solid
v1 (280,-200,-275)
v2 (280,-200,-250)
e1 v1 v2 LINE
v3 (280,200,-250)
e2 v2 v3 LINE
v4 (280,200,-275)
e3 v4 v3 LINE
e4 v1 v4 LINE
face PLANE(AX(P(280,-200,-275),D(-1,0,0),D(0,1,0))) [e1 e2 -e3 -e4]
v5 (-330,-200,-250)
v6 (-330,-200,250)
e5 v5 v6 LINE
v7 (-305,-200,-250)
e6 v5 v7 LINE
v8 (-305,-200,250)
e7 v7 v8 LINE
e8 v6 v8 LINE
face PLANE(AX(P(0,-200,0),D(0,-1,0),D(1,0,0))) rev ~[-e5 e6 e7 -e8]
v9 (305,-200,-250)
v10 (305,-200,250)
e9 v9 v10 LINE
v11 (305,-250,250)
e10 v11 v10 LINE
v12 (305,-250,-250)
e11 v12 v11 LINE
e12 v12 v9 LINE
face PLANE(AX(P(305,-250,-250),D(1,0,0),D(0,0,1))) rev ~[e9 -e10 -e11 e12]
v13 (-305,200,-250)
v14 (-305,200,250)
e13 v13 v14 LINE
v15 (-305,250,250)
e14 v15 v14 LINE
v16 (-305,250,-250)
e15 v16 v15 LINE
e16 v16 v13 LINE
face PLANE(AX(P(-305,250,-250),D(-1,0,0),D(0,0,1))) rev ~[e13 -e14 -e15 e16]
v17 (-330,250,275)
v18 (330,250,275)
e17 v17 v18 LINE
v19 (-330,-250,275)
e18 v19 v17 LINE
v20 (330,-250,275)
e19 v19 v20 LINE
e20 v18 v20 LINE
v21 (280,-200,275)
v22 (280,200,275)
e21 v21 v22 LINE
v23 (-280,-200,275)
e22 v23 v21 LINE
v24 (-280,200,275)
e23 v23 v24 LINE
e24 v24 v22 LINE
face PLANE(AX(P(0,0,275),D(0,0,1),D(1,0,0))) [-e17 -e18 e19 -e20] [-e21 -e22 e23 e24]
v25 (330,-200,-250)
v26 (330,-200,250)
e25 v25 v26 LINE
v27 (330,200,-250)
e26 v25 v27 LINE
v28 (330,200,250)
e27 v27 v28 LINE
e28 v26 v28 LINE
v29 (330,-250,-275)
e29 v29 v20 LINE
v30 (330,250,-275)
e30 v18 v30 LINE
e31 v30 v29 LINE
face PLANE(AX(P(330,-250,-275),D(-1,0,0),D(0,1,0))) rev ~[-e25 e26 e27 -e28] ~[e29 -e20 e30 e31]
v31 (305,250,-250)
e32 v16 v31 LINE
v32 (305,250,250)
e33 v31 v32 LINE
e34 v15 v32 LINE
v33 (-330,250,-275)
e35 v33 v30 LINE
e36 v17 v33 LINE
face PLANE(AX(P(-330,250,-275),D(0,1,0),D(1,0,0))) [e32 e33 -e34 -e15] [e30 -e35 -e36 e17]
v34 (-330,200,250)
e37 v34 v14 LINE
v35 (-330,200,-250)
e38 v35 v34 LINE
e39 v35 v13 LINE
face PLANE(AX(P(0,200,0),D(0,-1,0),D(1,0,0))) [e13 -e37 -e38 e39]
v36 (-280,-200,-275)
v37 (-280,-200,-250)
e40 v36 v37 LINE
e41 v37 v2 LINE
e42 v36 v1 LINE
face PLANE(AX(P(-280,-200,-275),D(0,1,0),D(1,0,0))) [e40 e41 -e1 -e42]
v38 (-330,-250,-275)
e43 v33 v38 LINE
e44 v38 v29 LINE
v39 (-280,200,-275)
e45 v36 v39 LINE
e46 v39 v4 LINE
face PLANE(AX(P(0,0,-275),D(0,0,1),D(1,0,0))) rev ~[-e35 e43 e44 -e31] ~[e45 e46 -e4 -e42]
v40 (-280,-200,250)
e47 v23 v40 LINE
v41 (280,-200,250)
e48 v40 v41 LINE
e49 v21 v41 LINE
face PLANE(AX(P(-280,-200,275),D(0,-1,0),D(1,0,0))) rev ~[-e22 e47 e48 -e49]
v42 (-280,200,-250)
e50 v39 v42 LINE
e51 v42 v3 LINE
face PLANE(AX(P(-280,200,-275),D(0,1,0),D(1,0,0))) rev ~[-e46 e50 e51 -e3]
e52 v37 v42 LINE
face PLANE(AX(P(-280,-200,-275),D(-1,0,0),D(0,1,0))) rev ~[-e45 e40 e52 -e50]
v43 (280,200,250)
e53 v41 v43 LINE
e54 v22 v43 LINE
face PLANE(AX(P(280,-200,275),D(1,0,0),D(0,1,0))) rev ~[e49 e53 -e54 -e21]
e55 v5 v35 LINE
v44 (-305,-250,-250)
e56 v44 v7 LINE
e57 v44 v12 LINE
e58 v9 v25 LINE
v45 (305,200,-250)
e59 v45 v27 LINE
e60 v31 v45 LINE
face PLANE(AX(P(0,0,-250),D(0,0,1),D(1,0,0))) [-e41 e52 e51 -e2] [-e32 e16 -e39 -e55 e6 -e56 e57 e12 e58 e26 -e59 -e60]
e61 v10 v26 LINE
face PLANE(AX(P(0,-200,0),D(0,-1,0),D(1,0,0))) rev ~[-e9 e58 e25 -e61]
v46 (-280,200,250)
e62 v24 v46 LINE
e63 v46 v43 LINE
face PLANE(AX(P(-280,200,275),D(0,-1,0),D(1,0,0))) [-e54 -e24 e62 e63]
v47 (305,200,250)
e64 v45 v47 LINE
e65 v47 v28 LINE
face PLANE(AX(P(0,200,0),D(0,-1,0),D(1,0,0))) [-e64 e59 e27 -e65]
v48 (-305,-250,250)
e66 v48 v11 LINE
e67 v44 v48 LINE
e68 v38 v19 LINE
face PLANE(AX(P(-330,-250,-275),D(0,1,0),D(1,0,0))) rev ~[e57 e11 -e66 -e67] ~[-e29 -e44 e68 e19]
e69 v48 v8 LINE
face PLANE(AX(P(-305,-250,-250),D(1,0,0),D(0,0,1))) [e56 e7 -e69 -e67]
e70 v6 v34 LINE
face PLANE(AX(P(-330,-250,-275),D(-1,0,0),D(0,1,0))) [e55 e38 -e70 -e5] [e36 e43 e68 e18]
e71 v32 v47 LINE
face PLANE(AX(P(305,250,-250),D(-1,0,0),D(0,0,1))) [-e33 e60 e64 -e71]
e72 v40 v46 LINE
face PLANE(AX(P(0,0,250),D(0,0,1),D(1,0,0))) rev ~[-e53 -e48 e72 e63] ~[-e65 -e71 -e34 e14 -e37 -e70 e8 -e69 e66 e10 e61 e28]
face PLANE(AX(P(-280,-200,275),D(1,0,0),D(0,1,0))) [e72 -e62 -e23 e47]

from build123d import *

# Parameters (mm, degrees)
F1_W      = 660
F1_H      = 500
F1_W_2    = 560
F1_H_2    = 400
F2_DEPTH  = 25
F4_W      = 660
F4_H      = 500
F4_W_2    = 560
F4_H_2    = 400
F5_DEPTH  = 25
F8_W      = 660
F8_H      = 550
F8_W_2    = 610
F8_H_2    = 500
F9_DEPTH  = 50
F10_W     = 660
F10_H     = 550
F10_W_2   = 610
F10_H_2   = 500
F11_DEPTH = 50


with BuildPart() as f2:
    # F1 (on offset) → F2 (new body)
    with BuildSketch(Plane.XY.offset(275)):
        Rectangle(F1_W, F1_H)
        Rectangle(F1_W_2, F1_H_2, mode=Mode.SUBTRACT)
    extrude(amount=-F2_DEPTH)



with BuildPart() as f5:
    # F4 (on offset) → F5 (new body)
    with BuildSketch(Plane.XY.offset(-275)):
        Rectangle(F4_W, F4_H)
        Rectangle(F4_W_2, F4_H_2, mode=Mode.SUBTRACT)
    extrude(amount=F5_DEPTH)


with BuildPart() as f2_1:
    add(f2.part)

    add(f5.part)  # F9 merges F5
    # F8 (on offset) → F9 (join)
    with BuildSketch(Plane.XZ.offset(250)):
        Rectangle(F8_W, F8_H)
        Rectangle(F8_W_2, F8_H_2, mode=Mode.SUBTRACT)
    extrude(amount=-F9_DEPTH)

    # F10 (on offset) → F11 (join)
    with BuildSketch(Plane.XZ.offset(-250)):
        Rectangle(F10_W, F10_H)
        Rectangle(F10_W_2, F10_H_2, mode=Mode.SUBTRACT)
    extrude(amount=F11_DEPTH)


solid = f2_1.part
